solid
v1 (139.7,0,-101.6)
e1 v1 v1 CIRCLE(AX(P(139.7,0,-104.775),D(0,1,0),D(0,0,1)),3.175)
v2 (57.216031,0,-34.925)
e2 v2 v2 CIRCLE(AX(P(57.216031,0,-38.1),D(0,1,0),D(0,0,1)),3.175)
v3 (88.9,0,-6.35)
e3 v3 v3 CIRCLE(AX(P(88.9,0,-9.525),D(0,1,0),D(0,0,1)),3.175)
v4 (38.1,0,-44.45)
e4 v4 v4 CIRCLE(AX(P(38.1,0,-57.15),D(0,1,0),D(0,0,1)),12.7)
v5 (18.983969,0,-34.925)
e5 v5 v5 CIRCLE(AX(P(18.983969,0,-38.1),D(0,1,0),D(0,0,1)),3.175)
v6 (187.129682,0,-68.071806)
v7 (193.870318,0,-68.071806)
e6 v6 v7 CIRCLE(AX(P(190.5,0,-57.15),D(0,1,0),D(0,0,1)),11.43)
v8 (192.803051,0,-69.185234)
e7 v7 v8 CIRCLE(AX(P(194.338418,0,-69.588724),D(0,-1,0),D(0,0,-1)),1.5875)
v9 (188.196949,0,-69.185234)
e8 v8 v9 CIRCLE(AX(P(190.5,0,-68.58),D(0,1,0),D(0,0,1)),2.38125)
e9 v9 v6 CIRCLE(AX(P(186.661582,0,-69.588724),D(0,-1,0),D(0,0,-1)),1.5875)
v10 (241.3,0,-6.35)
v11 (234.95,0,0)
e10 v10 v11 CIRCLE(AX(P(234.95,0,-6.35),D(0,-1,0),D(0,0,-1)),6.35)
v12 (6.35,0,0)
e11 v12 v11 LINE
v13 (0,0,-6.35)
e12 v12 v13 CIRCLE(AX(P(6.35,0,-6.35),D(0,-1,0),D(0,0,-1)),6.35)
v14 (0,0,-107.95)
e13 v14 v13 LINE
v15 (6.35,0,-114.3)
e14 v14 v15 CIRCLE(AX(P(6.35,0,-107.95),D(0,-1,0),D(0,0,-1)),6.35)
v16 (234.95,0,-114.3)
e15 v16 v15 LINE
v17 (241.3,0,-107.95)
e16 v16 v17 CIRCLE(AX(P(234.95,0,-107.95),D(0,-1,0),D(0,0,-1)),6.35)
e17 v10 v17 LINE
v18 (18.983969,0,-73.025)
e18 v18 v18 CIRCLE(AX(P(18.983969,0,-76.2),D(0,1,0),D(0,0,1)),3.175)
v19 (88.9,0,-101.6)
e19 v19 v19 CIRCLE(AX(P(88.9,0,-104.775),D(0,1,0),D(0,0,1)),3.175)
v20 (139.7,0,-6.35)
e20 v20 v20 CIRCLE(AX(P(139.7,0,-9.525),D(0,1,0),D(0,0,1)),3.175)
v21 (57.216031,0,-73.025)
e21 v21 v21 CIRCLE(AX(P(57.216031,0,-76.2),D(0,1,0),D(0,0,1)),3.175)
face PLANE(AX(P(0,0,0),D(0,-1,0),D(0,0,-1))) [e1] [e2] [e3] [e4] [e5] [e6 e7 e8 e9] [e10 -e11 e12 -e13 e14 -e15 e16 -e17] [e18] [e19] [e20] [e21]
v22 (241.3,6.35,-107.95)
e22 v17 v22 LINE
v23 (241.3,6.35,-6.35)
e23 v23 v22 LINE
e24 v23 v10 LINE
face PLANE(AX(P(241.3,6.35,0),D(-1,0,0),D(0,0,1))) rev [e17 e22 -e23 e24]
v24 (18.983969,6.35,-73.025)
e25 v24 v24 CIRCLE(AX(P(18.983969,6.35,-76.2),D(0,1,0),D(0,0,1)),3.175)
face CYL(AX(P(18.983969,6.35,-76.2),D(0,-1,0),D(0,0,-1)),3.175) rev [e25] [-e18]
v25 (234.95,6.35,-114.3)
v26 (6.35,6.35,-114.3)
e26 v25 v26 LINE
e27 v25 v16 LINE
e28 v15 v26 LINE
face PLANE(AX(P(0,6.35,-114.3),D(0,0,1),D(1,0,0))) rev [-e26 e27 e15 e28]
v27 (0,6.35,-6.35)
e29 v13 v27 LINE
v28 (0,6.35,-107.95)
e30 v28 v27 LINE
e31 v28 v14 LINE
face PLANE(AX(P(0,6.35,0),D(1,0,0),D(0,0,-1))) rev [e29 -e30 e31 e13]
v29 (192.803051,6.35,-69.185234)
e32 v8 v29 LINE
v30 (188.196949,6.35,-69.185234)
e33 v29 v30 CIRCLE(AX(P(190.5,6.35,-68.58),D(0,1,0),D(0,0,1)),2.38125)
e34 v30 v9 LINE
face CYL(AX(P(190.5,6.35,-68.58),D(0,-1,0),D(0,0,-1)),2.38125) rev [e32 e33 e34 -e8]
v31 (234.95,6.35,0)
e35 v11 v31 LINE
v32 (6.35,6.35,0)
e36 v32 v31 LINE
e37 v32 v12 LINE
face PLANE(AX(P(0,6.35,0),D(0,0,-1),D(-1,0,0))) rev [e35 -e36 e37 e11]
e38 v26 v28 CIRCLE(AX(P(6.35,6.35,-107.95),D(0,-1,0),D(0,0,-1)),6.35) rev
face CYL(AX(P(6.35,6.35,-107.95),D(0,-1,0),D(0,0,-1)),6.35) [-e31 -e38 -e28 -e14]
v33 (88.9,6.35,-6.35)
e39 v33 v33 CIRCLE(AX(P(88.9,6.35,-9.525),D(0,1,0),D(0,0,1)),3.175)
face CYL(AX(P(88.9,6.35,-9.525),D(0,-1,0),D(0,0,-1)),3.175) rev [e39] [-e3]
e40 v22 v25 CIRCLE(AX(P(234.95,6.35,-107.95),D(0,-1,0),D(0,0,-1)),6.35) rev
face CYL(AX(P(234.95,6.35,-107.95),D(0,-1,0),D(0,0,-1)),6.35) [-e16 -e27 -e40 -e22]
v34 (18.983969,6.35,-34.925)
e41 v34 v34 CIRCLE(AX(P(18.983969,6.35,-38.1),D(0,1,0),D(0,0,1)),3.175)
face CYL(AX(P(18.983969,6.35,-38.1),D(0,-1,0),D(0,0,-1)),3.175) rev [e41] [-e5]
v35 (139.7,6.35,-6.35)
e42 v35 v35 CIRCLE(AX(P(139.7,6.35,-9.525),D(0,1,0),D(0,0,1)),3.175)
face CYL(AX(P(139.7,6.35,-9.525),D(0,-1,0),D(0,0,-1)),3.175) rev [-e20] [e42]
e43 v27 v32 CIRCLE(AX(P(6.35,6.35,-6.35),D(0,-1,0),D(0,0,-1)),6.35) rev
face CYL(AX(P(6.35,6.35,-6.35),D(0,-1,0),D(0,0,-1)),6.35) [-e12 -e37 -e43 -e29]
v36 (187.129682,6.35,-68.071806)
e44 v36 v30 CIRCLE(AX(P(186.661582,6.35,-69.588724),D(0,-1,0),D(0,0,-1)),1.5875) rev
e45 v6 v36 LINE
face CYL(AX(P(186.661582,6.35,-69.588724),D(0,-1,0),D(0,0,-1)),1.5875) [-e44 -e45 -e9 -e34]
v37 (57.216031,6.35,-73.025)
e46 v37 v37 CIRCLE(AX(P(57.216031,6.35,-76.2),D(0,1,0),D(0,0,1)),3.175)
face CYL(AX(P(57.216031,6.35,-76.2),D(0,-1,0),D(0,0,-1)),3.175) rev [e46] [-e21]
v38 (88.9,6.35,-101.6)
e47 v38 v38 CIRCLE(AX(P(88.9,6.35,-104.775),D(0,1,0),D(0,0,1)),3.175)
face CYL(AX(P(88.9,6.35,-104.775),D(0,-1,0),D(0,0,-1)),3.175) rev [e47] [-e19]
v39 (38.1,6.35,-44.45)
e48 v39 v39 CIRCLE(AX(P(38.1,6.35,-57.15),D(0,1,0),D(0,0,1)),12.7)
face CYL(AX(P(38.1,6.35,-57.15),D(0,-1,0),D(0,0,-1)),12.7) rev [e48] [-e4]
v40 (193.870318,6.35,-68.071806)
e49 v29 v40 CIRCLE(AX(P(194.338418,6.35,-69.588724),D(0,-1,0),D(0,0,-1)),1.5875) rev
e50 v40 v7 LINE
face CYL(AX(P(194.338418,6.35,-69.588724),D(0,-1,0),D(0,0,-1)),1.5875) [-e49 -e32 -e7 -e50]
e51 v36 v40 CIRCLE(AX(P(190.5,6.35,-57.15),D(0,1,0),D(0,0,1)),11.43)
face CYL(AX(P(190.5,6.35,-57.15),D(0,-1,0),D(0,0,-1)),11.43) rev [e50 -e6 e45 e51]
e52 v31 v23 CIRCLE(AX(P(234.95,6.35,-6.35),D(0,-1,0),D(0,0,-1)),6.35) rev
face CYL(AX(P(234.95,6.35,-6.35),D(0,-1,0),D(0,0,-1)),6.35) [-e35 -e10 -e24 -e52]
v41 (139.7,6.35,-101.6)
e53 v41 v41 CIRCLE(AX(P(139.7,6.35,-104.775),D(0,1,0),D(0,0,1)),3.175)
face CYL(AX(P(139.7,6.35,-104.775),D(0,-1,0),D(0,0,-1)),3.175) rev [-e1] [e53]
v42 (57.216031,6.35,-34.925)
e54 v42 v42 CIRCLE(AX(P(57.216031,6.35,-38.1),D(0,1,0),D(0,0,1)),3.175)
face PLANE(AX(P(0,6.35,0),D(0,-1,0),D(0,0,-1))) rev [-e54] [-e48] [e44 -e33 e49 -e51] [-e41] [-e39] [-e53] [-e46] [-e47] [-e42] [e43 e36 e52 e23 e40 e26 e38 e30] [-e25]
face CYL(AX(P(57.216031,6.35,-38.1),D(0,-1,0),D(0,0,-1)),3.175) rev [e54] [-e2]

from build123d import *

# Parameters (mm, degrees)
SKETCH1_W           = 241.3
SKETCH1_H           = 114.3
SKETCH1_R           = 12.7
SKETCH1_R_2         = 3.175
BOSS_EXTRUDE1_DEPTH = 6.35
FILLET1_R           = 6.35
FILLET2_R           = 1.5875


with BuildPart() as part:
    # Sketch1 → Boss-Extrude1 (new body)
    with BuildSketch(Plane(origin=(0, 0, 0), x_dir=(1, 0, 0), z_dir=(0, 1, 0))):
        with Locations((120.65, 57.15)):
            Rectangle(SKETCH1_W, SKETCH1_H)
        with Locations(Location((38.1, 57.15, 0), (0, 0, 270))):
            Circle(SKETCH1_R, mode=Mode.SUBTRACT)
        with Locations(Location((88.9, 104.775, 0), (0, 0, 270))):
            Circle(SKETCH1_R_2, mode=Mode.SUBTRACT)
        with Locations(Location((139.7, 104.775, 0), (0, 0, 270))):
            Circle(SKETCH1_R_2, mode=Mode.SUBTRACT)
        with Locations(Location((139.7, 9.525, 0), (0, 0, 270))):
            Circle(SKETCH1_R_2, mode=Mode.SUBTRACT)
        with Locations(Location((88.9, 9.525, 0), (0, 0, 270))):
            Circle(SKETCH1_R_2, mode=Mode.SUBTRACT)
        with Locations(Location((18.983968606, 76.2, 0), (0, 0, 270))):
            Circle(SKETCH1_R_2, mode=Mode.SUBTRACT)
        with Locations(Location((18.983968606, 38.1, 0), (0, 0, 270))):
            Circle(SKETCH1_R_2, mode=Mode.SUBTRACT)
        with Locations(Location((57.216031394, 38.1, 0), (0, 0, 270))):
            Circle(SKETCH1_R_2, mode=Mode.SUBTRACT)
        with Locations(Location((57.216031394, 76.2, 0), (0, 0, 270))):
            Circle(SKETCH1_R_2, mode=Mode.SUBTRACT)
        with BuildLine():
            ThreePointArc((188.131704345, 68.331953125), (190.5, 45.72), (192.868295655, 68.331953125))
            ThreePointArc((192.868295655, 68.331953125), (190.5, 70.96125), (188.131704345, 68.331953125))
        make_face(mode=Mode.SUBTRACT)
    extrude(amount=BOSS_EXTRUDE1_DEPTH)

    # Fillet1
    fillet1_edges = [part.edges().sort_by_distance(p)[0] for p in [
        (0, 3.175, -114.3),
        (241.3, 3.175, -114.3),
        (241.3, 3.175, 0),
        (0, 3.175, 0),
    ]]
    fillet(fillet1_edges, radius=FILLET1_R)

    # Fillet2
    fillet2_edges = [part.edges().sort_by_distance(p)[0] for p in [
        (192.868295655, 3.175, -68.331953125),
        (188.131704345, 3.175, -68.331953125),
    ]]
    fillet(fillet2_edges, radius=FILLET2_R)


solid = part.part
